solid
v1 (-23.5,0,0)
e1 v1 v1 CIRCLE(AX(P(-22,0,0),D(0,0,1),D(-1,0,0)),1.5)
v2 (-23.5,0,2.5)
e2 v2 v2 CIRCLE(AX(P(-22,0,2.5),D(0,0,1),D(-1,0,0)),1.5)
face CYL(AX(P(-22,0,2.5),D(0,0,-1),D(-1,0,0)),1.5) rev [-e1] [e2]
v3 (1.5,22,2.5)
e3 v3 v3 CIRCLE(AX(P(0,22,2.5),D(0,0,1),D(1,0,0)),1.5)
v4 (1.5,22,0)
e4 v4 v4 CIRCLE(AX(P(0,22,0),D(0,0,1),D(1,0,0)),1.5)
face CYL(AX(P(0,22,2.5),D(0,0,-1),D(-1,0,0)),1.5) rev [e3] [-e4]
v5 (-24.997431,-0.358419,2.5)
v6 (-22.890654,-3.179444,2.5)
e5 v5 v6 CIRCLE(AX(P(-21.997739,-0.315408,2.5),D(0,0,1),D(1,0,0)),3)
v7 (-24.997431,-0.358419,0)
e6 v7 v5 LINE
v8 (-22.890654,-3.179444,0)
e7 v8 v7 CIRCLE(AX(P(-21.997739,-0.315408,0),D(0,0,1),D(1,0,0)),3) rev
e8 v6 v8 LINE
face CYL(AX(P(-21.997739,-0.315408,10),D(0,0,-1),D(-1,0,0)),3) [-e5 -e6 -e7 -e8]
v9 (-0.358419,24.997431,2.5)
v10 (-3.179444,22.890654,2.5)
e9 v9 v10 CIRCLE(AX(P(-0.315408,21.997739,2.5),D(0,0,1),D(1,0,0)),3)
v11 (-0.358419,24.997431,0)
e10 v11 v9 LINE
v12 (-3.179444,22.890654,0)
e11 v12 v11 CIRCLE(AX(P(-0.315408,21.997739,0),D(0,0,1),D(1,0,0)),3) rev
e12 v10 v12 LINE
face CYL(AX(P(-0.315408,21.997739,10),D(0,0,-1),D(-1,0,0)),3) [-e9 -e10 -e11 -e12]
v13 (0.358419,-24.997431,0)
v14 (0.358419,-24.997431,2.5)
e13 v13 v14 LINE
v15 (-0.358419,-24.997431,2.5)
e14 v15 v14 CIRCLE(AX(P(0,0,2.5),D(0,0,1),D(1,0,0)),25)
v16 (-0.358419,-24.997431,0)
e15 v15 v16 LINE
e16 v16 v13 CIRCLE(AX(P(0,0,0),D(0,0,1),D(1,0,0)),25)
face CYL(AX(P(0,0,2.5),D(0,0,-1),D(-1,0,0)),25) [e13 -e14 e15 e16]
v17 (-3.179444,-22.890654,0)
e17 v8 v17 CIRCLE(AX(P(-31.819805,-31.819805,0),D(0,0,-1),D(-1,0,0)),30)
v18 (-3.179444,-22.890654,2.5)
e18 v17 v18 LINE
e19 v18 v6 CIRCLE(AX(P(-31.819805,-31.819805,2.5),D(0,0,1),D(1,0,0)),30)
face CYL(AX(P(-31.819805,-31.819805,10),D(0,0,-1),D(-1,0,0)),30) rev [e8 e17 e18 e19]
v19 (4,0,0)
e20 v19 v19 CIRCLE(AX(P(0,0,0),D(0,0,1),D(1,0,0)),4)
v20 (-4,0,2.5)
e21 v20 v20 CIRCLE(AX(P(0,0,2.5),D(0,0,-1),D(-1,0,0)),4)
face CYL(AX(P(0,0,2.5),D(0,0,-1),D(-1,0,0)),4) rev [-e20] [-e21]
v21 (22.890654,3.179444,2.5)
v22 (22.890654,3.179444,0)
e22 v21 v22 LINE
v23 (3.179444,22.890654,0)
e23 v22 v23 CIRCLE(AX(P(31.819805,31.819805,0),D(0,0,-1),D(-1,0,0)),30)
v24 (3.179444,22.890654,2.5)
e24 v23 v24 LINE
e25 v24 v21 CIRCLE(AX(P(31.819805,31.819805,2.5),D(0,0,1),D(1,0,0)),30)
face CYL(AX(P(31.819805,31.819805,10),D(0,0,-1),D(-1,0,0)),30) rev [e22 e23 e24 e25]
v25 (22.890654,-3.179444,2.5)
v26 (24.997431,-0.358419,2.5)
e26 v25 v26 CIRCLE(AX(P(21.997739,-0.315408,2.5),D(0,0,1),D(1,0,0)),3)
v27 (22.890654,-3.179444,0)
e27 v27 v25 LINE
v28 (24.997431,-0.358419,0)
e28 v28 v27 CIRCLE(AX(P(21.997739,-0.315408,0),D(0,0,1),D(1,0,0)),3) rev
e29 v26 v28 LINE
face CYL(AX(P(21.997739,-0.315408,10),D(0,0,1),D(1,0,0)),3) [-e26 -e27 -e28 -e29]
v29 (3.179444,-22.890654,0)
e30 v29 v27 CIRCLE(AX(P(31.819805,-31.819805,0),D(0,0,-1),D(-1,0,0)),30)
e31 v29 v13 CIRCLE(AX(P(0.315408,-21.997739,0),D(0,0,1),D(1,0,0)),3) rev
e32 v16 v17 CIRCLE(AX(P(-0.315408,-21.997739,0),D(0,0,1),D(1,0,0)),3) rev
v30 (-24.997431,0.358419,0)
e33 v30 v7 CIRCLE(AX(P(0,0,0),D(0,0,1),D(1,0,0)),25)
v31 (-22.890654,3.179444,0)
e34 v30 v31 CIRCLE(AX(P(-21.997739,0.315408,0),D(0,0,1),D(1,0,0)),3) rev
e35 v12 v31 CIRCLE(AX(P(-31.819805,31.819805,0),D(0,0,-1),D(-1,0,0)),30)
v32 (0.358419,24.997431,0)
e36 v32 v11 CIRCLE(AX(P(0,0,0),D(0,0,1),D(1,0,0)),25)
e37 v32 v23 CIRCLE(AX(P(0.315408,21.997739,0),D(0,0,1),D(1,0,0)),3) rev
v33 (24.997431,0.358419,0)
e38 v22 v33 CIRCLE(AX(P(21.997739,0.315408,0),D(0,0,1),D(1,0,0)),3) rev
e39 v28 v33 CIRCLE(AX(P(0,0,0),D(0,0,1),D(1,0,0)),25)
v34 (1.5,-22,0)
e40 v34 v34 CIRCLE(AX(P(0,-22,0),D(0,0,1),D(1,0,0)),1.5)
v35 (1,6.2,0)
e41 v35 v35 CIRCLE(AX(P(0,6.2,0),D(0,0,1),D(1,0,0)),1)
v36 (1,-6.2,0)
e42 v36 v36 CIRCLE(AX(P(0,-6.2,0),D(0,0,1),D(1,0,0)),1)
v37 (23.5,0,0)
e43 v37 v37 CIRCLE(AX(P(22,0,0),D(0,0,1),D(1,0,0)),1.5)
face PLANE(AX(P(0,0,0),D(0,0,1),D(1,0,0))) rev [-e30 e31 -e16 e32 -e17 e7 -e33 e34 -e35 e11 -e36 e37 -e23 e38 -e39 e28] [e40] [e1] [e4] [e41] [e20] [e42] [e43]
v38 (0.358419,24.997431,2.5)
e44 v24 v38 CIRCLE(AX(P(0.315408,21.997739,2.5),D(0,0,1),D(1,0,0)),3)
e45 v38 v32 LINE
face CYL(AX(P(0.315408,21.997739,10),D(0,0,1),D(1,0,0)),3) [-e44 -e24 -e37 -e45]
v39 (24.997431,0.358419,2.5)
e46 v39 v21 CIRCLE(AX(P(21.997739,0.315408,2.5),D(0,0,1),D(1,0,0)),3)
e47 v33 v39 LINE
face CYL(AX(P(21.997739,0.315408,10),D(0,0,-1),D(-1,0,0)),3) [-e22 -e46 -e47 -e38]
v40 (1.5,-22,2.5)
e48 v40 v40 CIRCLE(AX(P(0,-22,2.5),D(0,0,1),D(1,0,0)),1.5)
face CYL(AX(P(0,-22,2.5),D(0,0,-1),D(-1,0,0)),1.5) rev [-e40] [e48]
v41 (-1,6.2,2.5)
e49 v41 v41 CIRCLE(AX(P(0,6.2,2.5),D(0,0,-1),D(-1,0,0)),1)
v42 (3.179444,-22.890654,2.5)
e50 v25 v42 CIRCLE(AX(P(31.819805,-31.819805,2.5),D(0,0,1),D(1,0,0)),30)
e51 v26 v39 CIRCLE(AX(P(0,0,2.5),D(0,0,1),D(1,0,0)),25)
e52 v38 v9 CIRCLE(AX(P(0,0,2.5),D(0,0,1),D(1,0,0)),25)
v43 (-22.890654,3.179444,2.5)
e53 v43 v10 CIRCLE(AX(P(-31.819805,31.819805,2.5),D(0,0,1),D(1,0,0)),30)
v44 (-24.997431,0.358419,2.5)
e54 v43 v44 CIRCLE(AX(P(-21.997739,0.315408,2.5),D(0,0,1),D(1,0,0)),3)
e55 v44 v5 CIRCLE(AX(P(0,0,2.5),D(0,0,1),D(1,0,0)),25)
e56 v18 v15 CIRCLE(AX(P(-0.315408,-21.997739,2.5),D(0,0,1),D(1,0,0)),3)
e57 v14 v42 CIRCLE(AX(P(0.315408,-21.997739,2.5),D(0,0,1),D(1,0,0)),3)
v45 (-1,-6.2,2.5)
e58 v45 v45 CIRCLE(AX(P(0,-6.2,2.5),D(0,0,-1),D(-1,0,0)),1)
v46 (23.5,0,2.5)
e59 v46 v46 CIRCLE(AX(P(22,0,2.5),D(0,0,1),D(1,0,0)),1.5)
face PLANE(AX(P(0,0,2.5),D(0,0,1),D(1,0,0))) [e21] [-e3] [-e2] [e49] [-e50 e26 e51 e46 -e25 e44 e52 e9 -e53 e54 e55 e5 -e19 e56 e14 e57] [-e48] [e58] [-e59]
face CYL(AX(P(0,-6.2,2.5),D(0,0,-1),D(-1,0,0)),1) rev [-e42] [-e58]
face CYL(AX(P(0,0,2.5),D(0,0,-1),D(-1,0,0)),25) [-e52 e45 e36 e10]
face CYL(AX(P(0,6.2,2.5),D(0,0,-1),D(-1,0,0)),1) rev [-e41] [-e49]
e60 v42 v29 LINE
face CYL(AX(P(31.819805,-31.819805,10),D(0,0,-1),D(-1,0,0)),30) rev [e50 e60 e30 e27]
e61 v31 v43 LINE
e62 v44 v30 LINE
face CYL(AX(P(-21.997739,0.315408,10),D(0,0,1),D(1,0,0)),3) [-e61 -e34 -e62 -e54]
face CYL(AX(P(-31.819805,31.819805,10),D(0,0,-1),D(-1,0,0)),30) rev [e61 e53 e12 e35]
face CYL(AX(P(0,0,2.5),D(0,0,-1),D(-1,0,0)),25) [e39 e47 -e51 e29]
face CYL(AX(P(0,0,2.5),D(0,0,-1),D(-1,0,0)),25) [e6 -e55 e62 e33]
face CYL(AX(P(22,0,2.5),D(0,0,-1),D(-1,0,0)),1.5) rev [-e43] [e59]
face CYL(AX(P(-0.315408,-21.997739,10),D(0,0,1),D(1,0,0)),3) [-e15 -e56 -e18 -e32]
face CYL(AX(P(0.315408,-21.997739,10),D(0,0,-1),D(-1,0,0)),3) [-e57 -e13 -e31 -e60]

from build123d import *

# Parameters (mm, degrees)
SKETCH_1_R               = 25
SKETCH_1_R_2             = 1.5
EXTRUDE_1_DEPTH          = 2.5
CUT_EXTRUDE_2_DEPTH      = 36.443617197
CUT_EXTRUDE_2_DEPTH_BACK = 36.443617197
SKETCH_3_R               = 1
SKETCH_3_R_2             = 4
CUT_EXTRUDE_5_DEPTH      = 10
FILLET_2_R               = 3


with BuildPart() as part:
    # 草图1 → 凸台-拉伸1 (new body)
    with BuildSketch(Plane.XY):
        Circle(SKETCH_1_R)
        with Locations((0, 22)):
            Circle(SKETCH_1_R_2, mode=Mode.SUBTRACT)
        with Locations((22, 0)):
            Circle(SKETCH_1_R_2, mode=Mode.SUBTRACT)
        with Locations((0, -22)):
            Circle(SKETCH_1_R_2, mode=Mode.SUBTRACT)
        with Locations(Location((-22, 0, 0), (0, 0, 180))):
            Circle(SKETCH_1_R_2, mode=Mode.SUBTRACT)
    extrude(amount=EXTRUDE_1_DEPTH)

    # 草图3 → 切除-拉伸2 (cut, two sides: drawn at the far end of the back side and taken through both)
    with BuildSketch(Plane(origin=(0, 0, 0), x_dir=(-1, 0, 0), z_dir=(0, 0, -1)).offset(-CUT_EXTRUDE_2_DEPTH_BACK)):
        with Locations((0, 6.2)):
            Circle(SKETCH_3_R)
        Circle(SKETCH_3_R_2)
        with Locations((0, -6.2)):
            Circle(SKETCH_3_R)
    extrude(amount=CUT_EXTRUDE_2_DEPTH + CUT_EXTRUDE_2_DEPTH_BACK, mode=Mode.SUBTRACT)

    # 草图5 → 切除-拉伸5 (cut)
    with BuildSketch(Plane(origin=(0, 0, 0), x_dir=(-1, 0, 0), z_dir=(0, 0, -1))):
        with BuildLine():
            ThreePointArc((-2.638187412, 24.860409634), (-17.67766953, 17.67766953), (-24.860409634, 2.638187412))
            ThreePointArc((-24.860409634, 2.638187412), (-10.606601718, 10.606601718), (-2.638187412, 24.860409634))
        make_face()
        with BuildLine():
            ThreePointArc((-2.638187412, -24.860409634), (-10.606601718, -10.606601718), (-24.860409634, -2.638187412))
            ThreePointArc((-24.860409634, -2.638187412), (-17.67766953, -17.67766953), (-2.638187412, -24.860409634))
        make_face()
        with BuildLine():
            ThreePointArc((24.860409634, -2.638187412), (10.606601718, -10.606601718), (2.638187412, -24.860409634))
            ThreePointArc((2.638187412, -24.860409634), (17.67766953, -17.67766953), (24.860409634, -2.638187412))
        make_face()
        with BuildLine():
            ThreePointArc((24.860409634, 2.638187412), (17.67766953, 17.67766953), (2.638187412, 24.860409634))
            ThreePointArc((2.638187412, 24.860409634), (10.606601718, 10.606601718), (24.860409634, 2.638187412))
        make_face()
    extrude(amount=-CUT_EXTRUDE_5_DEPTH, mode=Mode.SUBTRACT)

    # 圆角2
    fillet_2_edges = [part.edges().sort_by_distance(p)[0] for p in [
        (2.638187412, 24.860409634, 1.25),
        (24.860409634, 2.638187412, 1.25),
        (24.860409634, -2.638187412, 1.25),
        (2.638187412, -24.860409634, 1.25),
        (-2.638187412, -24.860409634, 1.25),
        (-24.860409634, -2.638187412, 1.25),
        (-24.860409634, 2.638187412, 1.25),
        (-2.638187412, 24.860409634, 1.25),
    ]]
    fillet(fillet_2_edges, radius=FILLET_2_R)


solid = part.part
